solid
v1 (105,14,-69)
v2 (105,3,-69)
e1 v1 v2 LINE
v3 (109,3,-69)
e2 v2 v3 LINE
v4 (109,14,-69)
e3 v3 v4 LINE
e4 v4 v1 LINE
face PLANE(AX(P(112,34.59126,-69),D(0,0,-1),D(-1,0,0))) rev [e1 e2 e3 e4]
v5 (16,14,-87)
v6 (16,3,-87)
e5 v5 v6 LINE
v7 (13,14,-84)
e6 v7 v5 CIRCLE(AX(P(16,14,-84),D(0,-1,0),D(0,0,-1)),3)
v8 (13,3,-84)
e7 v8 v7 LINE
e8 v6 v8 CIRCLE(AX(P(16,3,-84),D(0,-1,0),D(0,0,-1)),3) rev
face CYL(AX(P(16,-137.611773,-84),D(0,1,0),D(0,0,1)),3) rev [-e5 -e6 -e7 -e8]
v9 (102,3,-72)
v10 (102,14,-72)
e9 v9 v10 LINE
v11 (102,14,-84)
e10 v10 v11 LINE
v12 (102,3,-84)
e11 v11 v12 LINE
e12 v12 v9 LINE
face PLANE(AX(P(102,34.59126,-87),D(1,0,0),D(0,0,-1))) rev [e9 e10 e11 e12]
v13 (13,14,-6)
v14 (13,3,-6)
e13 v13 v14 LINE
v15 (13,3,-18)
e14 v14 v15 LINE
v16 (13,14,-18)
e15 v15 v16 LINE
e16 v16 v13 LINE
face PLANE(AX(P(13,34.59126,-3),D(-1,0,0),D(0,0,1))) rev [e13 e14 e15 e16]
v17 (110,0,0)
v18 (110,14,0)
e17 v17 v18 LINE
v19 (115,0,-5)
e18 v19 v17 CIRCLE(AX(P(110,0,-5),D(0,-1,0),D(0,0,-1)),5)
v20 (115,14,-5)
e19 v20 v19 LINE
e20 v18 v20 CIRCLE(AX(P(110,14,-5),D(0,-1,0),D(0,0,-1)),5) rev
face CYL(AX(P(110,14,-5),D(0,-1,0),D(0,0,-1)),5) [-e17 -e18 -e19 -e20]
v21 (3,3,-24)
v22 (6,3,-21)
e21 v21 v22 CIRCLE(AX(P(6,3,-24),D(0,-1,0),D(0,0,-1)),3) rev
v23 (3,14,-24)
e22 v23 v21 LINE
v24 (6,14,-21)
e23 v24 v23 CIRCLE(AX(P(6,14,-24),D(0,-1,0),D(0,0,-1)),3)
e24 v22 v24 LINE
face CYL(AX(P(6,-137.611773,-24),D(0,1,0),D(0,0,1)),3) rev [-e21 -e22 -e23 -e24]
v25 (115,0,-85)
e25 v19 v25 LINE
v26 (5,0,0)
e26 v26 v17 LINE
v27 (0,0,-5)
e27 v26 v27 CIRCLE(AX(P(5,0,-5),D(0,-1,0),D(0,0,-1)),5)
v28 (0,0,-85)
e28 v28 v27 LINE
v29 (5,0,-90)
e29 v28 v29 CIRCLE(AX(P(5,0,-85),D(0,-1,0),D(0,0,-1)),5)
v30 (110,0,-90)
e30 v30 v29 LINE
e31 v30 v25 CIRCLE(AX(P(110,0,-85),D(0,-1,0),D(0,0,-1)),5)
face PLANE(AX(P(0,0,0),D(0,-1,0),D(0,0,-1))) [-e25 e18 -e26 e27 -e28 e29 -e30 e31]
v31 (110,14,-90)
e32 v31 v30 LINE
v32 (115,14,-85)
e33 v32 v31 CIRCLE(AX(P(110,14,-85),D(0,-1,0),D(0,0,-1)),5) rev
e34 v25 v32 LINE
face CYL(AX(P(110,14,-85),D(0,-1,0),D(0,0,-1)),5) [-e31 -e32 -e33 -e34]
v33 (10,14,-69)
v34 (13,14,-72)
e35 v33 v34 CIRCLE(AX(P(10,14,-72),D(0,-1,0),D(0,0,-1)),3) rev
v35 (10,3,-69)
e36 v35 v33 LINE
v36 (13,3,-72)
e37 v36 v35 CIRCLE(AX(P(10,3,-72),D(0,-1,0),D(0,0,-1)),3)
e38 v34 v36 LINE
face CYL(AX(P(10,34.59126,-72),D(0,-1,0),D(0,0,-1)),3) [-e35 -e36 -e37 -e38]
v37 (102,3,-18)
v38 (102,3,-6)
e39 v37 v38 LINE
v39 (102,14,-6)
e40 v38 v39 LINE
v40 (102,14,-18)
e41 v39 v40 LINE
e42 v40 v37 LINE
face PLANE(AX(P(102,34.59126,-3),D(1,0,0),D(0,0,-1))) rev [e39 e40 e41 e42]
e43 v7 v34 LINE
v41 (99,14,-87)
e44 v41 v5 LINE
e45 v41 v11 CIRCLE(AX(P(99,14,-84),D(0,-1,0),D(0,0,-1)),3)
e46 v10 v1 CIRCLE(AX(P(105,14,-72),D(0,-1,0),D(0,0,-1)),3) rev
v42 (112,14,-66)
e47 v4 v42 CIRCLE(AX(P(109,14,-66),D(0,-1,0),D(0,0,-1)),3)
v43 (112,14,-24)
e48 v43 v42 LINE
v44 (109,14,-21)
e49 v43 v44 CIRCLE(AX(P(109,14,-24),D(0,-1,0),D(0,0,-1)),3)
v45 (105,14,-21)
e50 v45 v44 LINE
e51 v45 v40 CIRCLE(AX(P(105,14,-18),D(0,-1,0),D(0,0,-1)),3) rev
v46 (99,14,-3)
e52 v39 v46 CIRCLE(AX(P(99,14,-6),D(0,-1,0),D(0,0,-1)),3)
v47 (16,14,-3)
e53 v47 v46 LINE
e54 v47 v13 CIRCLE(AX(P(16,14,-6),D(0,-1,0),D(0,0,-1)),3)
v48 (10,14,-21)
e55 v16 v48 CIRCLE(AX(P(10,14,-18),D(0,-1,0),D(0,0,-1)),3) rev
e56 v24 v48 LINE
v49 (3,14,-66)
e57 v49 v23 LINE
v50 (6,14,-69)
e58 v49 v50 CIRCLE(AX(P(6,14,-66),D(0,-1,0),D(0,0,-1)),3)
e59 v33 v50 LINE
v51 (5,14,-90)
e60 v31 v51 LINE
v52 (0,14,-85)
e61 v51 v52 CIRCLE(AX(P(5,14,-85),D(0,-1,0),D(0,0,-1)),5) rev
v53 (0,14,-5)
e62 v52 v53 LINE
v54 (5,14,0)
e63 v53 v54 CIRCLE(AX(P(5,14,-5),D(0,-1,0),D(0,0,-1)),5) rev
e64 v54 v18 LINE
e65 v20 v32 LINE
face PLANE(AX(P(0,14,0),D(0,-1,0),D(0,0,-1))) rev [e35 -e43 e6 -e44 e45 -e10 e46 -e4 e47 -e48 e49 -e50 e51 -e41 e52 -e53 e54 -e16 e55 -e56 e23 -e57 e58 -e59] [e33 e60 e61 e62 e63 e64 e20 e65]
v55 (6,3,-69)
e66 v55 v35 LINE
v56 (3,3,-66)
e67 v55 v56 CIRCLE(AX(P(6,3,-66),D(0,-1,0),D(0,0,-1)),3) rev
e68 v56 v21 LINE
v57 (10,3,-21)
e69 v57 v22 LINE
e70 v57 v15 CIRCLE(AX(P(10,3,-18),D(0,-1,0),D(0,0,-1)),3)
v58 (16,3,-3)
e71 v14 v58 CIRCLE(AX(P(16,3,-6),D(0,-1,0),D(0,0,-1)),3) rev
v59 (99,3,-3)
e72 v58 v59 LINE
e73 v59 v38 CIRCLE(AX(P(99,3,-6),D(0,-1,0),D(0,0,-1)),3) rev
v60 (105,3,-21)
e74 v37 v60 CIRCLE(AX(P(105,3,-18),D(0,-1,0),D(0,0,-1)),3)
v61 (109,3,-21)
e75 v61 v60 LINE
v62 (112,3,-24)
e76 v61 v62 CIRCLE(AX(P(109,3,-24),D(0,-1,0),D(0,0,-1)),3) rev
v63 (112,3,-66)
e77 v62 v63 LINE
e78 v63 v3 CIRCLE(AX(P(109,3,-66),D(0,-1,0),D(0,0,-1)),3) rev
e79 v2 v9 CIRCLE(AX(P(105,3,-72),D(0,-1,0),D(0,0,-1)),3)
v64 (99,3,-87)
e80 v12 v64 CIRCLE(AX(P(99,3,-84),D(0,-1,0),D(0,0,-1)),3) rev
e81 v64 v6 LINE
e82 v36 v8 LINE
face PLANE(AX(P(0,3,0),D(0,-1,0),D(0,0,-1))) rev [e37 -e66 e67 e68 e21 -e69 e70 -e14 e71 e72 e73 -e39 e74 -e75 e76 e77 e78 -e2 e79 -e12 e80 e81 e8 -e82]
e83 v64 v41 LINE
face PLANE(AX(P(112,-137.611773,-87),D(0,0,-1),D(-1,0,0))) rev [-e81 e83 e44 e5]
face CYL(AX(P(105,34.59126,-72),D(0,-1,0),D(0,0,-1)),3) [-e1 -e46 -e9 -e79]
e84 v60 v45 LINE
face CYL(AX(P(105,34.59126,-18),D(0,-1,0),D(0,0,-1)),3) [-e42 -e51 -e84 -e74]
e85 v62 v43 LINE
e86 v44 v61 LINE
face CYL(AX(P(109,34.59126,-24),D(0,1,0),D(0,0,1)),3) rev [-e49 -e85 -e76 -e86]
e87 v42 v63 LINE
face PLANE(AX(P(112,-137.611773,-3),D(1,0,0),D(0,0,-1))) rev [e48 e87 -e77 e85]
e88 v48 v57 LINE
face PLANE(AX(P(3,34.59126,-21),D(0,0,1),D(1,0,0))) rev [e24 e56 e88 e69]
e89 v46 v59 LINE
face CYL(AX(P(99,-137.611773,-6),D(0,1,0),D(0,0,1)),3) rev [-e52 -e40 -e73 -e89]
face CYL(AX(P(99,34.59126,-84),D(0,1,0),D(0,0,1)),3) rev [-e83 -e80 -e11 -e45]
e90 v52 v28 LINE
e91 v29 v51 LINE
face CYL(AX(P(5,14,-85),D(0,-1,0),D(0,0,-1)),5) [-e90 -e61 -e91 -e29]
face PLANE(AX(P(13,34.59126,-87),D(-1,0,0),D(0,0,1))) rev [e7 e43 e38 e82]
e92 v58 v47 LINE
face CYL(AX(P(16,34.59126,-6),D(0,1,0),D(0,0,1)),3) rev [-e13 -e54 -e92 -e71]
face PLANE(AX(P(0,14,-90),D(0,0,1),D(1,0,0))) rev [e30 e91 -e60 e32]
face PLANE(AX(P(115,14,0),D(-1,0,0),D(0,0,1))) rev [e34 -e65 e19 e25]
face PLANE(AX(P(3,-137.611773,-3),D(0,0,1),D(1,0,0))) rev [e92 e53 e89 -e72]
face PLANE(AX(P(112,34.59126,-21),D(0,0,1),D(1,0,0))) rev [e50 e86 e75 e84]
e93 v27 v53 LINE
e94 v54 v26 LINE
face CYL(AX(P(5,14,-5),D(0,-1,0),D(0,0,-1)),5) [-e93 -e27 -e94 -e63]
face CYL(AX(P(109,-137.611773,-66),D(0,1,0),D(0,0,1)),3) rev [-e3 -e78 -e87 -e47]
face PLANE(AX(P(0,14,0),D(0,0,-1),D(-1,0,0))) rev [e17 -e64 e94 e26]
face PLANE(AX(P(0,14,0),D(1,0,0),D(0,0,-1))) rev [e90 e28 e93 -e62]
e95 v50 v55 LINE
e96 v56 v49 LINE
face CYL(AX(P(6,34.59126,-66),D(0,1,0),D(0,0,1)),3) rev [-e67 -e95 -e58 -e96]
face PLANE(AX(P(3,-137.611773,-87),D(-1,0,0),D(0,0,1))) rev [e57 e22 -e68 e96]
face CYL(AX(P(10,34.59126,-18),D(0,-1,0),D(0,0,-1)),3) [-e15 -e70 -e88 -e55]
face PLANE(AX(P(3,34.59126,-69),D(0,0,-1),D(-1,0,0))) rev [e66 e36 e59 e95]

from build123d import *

# Parameters (mm, degrees)
SKETCH1_W           = 115
SKETCH1_H           = 90
BOSS_EXTRUDE1_DEPTH = 14
SKETCH3_W           = 109
SKETCH3_H           = 84
CUT_EXTRUDE1_DEPTH  = 11
SKETCH4_W           = 10
SKETCH4_H           = 18
BOSS_EXTRUDE2_DEPTH = 11
FILLET1_R           = 3
FILLET2_R           = 5


with BuildPart() as part:
    # Sketch1 → Boss-Extrude1 (new body)
    with BuildSketch(Plane(origin=(0, 0, 0), x_dir=(1, 0, 0), z_dir=(0, 1, 0))):
        with Locations((57.5, 45)):
            Rectangle(SKETCH1_W, SKETCH1_H)
    extrude(amount=BOSS_EXTRUDE1_DEPTH)

    # Sketch3 → Cut-Extrude1 (cut)
    with BuildSketch(Plane(origin=(0, 14, 0), x_dir=(1, 0, 0), z_dir=(0, 1, 0))):
        with Locations((57.5, 45)):
            Rectangle(SKETCH3_W, SKETCH3_H)
    extrude(amount=-CUT_EXTRUDE1_DEPTH, mode=Mode.SUBTRACT)

    # Sketch4 → Boss-Extrude2 (add)
    with BuildSketch(Plane(origin=(0, 3, 0), x_dir=(1, 0, 0), z_dir=(0, 1, 0))):
        with Locations((8, 78)):
            Rectangle(SKETCH4_W, SKETCH4_H)
        with Locations((107, 78)):
            Rectangle(SKETCH4_W, SKETCH4_H)
        with Locations((107, 12)):
            Rectangle(SKETCH4_W, SKETCH4_H)
        with Locations((8, 12)):
            Rectangle(SKETCH4_W, SKETCH4_H)
    extrude(amount=BOSS_EXTRUDE2_DEPTH)

    # Fillet1
    fillet1_edges = [part.edges().sort_by_distance(p)[0] for p in [
        (13, 8.5, -87),
        (13, 8.5, -69),
        (3, 8.5, -69),
        (102, 8.5, -69),
        (102, 8.5, -87),
        (112, 8.5, -69),
        (102, 8.5, -21),
        (112, 8.5, -21),
        (102, 8.5, -3),
        (13, 8.5, -21),
        (13, 8.5, -3),
        (3, 8.5, -21),
    ]]
    fillet(fillet1_edges, radius=FILLET1_R)

    # Fillet2
    fillet2_edges = [part.edges().sort_by_distance(p)[0] for p in [
        (0, 7, -90),
        (115, 7, -90),
        (115, 7, 0),
        (0, 7, 0),
    ]]
    fillet(fillet2_edges, radius=FILLET2_R)


solid = part.part
